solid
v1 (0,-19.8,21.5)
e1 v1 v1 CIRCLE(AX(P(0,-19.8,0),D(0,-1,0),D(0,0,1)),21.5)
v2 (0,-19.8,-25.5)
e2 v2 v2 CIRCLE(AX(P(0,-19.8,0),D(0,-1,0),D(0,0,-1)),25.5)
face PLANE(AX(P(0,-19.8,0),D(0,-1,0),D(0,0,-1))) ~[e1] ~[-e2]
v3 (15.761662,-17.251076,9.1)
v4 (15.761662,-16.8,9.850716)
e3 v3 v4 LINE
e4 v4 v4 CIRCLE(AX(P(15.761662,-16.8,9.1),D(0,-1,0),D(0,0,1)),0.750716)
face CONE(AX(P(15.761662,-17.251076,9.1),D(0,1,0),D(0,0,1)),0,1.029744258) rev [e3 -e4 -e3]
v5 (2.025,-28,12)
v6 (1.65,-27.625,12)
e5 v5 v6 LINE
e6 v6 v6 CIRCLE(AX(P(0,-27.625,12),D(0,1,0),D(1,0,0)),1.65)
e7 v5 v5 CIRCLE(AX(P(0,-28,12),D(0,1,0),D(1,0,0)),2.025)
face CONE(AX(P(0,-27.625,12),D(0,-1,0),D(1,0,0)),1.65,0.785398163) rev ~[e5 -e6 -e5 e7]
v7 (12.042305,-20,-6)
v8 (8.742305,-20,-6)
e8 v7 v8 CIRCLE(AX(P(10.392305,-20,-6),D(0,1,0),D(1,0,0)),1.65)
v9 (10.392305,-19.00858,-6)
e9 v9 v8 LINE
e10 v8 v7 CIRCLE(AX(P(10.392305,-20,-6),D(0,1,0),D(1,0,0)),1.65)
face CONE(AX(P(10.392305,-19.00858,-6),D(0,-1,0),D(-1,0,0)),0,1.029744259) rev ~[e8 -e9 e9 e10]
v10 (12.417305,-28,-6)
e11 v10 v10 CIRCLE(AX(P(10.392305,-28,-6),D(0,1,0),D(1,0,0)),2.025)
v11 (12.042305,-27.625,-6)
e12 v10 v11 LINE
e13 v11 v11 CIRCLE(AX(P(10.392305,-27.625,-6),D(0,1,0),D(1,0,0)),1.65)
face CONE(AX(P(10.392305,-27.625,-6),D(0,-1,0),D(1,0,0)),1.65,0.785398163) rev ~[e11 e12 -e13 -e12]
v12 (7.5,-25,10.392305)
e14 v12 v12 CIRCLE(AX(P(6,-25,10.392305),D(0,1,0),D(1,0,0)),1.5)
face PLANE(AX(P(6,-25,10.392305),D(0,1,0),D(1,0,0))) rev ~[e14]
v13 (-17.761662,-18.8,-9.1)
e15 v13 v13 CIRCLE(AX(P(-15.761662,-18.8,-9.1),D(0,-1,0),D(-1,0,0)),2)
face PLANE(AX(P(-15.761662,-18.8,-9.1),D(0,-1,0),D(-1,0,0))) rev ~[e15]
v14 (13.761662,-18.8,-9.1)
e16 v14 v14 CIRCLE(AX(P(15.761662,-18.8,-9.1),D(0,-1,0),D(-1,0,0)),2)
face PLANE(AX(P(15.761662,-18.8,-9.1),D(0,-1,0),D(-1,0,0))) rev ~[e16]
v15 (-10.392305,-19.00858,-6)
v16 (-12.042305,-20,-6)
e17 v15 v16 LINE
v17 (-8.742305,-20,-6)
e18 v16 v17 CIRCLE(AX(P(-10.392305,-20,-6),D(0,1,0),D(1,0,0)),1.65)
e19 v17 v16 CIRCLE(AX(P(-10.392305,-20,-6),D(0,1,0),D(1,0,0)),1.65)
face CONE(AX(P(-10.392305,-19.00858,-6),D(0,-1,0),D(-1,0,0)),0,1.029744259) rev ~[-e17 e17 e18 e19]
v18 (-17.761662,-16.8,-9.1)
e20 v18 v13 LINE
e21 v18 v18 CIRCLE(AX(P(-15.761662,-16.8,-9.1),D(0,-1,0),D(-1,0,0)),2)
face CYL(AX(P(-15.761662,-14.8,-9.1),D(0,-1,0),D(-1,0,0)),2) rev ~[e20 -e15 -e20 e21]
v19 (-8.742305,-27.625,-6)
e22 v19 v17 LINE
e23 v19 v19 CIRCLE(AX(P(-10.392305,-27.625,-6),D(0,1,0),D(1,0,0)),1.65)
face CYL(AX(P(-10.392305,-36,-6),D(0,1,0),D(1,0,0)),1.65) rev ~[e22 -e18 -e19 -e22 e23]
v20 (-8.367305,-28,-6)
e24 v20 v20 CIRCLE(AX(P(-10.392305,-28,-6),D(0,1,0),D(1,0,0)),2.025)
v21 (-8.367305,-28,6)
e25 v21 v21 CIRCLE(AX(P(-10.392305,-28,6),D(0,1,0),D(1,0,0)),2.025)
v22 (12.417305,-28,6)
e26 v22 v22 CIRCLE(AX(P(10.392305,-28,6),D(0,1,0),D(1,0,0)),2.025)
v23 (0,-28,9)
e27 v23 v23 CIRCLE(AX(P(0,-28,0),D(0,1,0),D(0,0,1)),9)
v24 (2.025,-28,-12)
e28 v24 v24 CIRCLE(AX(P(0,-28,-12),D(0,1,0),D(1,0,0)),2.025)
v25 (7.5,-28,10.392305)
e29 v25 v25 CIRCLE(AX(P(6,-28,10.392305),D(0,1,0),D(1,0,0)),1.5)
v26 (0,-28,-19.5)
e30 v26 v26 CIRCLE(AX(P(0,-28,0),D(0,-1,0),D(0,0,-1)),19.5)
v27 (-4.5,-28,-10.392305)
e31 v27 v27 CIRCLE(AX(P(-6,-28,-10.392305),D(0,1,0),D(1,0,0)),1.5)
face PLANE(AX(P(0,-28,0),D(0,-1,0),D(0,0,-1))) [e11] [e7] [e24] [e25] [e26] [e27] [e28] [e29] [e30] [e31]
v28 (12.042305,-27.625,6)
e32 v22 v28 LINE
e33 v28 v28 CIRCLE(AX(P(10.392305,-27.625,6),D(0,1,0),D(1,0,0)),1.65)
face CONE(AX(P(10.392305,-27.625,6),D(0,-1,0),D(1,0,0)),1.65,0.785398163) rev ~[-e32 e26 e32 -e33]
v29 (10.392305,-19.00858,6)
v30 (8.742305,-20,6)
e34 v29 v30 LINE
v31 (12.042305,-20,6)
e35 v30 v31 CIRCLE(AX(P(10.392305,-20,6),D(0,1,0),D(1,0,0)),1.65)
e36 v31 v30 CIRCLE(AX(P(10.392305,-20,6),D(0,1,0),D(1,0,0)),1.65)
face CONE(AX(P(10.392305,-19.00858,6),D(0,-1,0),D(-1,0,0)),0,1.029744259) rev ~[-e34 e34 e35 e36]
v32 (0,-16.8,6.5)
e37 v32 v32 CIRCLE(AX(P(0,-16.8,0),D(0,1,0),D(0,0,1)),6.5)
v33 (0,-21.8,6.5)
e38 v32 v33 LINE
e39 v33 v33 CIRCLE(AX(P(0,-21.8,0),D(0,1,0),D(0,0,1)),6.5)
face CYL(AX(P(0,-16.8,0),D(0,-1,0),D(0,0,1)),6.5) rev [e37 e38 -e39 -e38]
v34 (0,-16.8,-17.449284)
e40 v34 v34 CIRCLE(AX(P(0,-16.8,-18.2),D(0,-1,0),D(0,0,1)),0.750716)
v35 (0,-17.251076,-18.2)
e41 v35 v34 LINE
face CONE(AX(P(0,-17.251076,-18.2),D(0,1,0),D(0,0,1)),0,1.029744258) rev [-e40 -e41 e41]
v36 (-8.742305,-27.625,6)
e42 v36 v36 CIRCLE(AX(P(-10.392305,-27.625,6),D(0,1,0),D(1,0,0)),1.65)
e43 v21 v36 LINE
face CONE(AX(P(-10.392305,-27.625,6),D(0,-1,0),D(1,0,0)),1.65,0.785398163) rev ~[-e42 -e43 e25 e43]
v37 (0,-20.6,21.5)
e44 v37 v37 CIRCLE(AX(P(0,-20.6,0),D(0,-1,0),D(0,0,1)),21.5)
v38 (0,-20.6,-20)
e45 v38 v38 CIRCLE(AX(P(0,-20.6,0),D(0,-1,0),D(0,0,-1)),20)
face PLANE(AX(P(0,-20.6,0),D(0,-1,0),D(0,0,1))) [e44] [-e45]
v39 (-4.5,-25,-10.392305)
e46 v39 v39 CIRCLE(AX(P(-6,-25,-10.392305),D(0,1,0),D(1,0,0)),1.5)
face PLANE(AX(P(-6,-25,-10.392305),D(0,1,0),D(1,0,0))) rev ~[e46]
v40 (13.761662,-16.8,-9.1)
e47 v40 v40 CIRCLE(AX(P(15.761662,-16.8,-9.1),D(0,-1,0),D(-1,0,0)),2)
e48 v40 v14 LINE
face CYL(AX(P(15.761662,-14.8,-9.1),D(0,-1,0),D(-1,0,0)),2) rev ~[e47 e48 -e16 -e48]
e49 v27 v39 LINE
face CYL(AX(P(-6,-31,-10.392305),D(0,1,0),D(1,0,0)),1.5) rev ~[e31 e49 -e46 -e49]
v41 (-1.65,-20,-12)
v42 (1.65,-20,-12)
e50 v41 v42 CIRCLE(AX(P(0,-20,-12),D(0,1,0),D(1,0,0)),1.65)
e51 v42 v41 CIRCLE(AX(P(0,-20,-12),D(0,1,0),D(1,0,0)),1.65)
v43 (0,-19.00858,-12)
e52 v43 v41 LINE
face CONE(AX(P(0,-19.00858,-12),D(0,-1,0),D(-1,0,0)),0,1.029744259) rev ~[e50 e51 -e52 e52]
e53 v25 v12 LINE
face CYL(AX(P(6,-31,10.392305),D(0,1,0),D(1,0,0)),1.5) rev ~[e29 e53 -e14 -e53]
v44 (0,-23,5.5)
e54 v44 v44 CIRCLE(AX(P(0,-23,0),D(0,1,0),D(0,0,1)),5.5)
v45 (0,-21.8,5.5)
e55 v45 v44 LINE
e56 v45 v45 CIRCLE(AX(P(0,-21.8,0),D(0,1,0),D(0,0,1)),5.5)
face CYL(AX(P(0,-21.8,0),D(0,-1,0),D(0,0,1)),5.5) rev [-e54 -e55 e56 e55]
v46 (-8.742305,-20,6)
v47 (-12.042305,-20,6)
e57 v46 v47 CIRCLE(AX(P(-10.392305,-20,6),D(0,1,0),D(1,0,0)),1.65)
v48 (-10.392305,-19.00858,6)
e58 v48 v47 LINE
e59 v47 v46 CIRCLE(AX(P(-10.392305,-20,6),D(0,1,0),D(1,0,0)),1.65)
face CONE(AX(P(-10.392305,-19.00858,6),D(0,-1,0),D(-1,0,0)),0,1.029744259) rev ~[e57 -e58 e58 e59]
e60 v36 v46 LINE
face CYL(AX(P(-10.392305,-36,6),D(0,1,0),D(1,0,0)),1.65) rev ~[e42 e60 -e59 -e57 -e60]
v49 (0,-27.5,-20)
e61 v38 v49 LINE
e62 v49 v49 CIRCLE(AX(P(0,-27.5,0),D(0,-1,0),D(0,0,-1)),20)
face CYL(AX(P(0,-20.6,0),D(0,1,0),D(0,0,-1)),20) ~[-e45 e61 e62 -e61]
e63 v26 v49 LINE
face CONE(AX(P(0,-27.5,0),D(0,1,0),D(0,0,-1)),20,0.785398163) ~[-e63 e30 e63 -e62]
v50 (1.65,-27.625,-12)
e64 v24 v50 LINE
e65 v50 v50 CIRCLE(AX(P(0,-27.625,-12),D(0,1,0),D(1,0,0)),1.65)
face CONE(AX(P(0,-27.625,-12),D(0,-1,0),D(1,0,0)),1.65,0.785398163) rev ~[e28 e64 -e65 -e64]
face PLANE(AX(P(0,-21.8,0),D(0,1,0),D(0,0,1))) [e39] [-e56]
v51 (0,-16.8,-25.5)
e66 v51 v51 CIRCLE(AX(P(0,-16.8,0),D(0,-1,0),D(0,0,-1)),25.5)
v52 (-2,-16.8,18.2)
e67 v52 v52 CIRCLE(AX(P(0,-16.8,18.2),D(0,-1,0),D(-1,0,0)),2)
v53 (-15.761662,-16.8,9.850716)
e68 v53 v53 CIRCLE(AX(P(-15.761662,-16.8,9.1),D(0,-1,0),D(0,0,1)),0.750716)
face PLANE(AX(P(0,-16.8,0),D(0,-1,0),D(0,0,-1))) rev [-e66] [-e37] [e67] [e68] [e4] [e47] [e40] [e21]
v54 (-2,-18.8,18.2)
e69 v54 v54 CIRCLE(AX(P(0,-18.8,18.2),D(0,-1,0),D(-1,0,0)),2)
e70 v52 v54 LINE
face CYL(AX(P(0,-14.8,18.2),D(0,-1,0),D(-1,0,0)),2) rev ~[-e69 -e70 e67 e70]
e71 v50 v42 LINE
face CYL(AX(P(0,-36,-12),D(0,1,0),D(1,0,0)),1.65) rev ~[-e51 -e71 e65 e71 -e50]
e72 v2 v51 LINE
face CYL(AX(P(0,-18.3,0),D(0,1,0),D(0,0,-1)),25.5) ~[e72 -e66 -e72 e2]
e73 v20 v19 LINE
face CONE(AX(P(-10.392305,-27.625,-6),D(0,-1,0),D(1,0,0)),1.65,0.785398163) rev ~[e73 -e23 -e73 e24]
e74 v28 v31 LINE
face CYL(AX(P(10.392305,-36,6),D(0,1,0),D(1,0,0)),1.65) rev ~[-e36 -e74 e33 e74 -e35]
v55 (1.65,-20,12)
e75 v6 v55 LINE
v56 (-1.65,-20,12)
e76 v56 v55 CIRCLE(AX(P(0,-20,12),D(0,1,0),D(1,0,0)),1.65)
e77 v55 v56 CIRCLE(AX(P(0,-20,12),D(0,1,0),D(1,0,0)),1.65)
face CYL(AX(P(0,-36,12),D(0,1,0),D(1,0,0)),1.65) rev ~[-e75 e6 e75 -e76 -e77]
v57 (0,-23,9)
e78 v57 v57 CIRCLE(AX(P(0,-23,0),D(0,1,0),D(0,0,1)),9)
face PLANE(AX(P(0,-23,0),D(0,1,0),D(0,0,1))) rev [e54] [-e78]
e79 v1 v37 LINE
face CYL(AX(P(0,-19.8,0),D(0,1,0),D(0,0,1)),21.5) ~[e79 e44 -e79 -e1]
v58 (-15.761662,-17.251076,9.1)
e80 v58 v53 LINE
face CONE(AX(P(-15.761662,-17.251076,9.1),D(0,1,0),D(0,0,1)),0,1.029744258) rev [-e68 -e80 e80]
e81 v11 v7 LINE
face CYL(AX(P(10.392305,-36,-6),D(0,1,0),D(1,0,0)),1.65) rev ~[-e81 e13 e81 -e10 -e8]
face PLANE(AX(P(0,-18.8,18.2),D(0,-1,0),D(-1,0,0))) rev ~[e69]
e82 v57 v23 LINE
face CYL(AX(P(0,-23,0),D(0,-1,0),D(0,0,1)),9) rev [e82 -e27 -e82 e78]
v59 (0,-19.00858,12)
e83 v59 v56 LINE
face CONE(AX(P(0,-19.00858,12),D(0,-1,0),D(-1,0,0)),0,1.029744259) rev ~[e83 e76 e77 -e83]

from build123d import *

# Parameters (mm, degrees)
SKETCH_1_W                  = 25.5
SKETCH_1_H                  = 3
SKETCH_2_R                  = 21.5
EXTRUDE_1_DEPTH             = 0.8
SKETCH_3_R                  = 20
EXTRUDE_2_DEPTH             = 7.4
HOLE_WIZARD_3_0_3_1_D       = 3
HOLE_WIZARD_3_0_3_1_DEPTH   = 3
HOLE_WIZARD_3_3_3_3_1_D     = 3.3
HOLE_WIZARD_3_3_3_3_1_DEPTH = 8
HOLE_WIZARD_3_3_3_3_1_TIP   = 0.991420021
HOLE_WIZARD_4_0_4_1_D       = 4
HOLE_WIZARD_4_0_4_1_DEPTH   = 2
CHAMFER_1_SIZE              = 0.375
CHAMFER_2_SIZE              = 0.5


with BuildPart() as part:
    # 草图1 → 旋转1 (revolve)
    with BuildSketch(Plane.XY, mode=Mode.PRIVATE) as revolve_1_sk:
        with Locations((12.75, -18.3)):
            Rectangle(SKETCH_1_W, SKETCH_1_H)
    revolve(revolve_1_sk.sketch.rotate(Axis((0, -16.8, 0), (0, -1, 0)), 270), axis=Axis((0, -16.8, 0), (0, -1, 0)))

    # 草图2 → 凸台-拉伸1 (add)
    with BuildSketch(Plane.XZ.offset(19.8)):
        with Locations(Location((0, 0, 0), (0, 0, 90))):
            Circle(SKETCH_2_R)
    extrude(amount=EXTRUDE_1_DEPTH)

    # 草图3 → 凸台-拉伸2 (add)
    with BuildSketch(Plane.XZ.offset(20.6)):
        with Locations(Location((0, 0, 0), (0, 0, 270))):
            Circle(SKETCH_3_R)
    extrude(amount=EXTRUDE_2_DEPTH)

    # 草图4 → 切除-旋转1 (revolve, cut)
    with BuildSketch(Plane.XY.offset(9.1), mode=Mode.PRIVATE) as cut_revolve_1_sk:
        Polygon((-15.010946194, -16.8), (-15.761662349, -16.8), (-15.761662349, -17.251075774), align=None)
    revolve(cut_revolve_1_sk.sketch.rotate(Axis((-15.761662349, -16.8, 9.1), (0, -1, 0)), 90), axis=Axis((-15.761662349, -16.8, 9.1), (0, -1, 0)), mode=Mode.SUBTRACT)

    # 草图5 → 切除-旋转2 (revolve, cut)
    with BuildSketch(Plane.XY.offset(9.1), mode=Mode.PRIVATE) as cut_revolve_2_sk:
        Polygon((16.512378504, -16.8), (15.761662349, -16.8), (15.761662349, -17.251075774), align=None)
    revolve(cut_revolve_2_sk.sketch.rotate(Axis((15.761662349, -16.8, 9.1), (0, -1, 0)), 90), axis=Axis((15.761662349, -16.8, 9.1), (0, -1, 0)), mode=Mode.SUBTRACT)

    # 草图6 → 切除-旋转3 (revolve, cut)
    with BuildSketch(Plane.XY.offset(-18.2), mode=Mode.PRIVATE) as cut_revolve_3_sk:
        Polygon((0.750716155, -16.8), (0, -16.8), (0, -17.251075774), align=None)
    revolve(cut_revolve_3_sk.sketch.rotate(Axis((0, -16.8, -18.2), (0, -1, 0)), 90), axis=Axis((0, -16.8, -18.2), (0, -1, 0)), mode=Mode.SUBTRACT)

    # 草图7 → 切除-旋转4 (revolve, cut)
    with BuildSketch(Plane(origin=(0, 0, 0), x_dir=(-1, 0, 0), z_dir=(0, 0, -1)), mode=Mode.PRIVATE) as cut_revolve_4_sk:
        Polygon((-9, -28), (0, -28), (0, -16.8), (-6.5, -16.8), (-6.5, -21.8), (-5.5, -21.8), (-5.5, -23), (-9, -23), align=None)
    revolve(cut_revolve_4_sk.sketch.rotate(Axis((0, -28, 0), (0, 1, 0)), 270), axis=Axis((0, -28, 0), (0, 1, 0)), mode=Mode.SUBTRACT)

    # Ø3.0 (3) 直径孔1
    with Locations(Plane(origin=(0, -28, 0), x_dir=(-1, 0, 0), z_dir=(0, -1, 0))):
        with Locations((6, 10.392304845), (-6, -10.392304845)):
            Hole(HOLE_WIZARD_3_0_3_1_D / 2, depth=HOLE_WIZARD_3_0_3_1_DEPTH)

    # Ø3.3 (3.3) 直径孔1
    with Locations(Plane(origin=(0, -28, 0), x_dir=(-1, 0, 0), z_dir=(0, -1, 0))):
        with Locations((10.392304845, -6), (0, -12), (-10.392304845, -6), (-10.392304845, 6), (0, 12), (10.392304845, 6)):
            Hole(HOLE_WIZARD_3_3_3_3_1_D / 2, depth=HOLE_WIZARD_3_3_3_3_1_DEPTH)
            with Locations((0, 0, -(HOLE_WIZARD_3_3_3_3_1_DEPTH + HOLE_WIZARD_3_3_3_3_1_TIP / 2))):  # 118° drill point
                Cone(0, HOLE_WIZARD_3_3_3_3_1_D / 2, HOLE_WIZARD_3_3_3_3_1_TIP, mode=Mode.SUBTRACT)

    # Ø4.0 (4) 直径孔1
    with Locations(Plane(origin=(0, -16.8, 0), x_dir=(1, 0, 0), z_dir=(0, 1, 0))):
        with Locations((15.761662349, 9.1), (0, -18.2), (-15.761662349, 9.1)):
            Hole(HOLE_WIZARD_4_0_4_1_D / 2, depth=HOLE_WIZARD_4_0_4_1_DEPTH)

    # 倒角1
    chamfer_1_edges = [part.edges().sort_by_distance(p)[0] for p in [
        (-12.042304845, -28, -6),
        (-1.65, -28, -12),
        (8.742304845, -28, -6),
        (8.742304845, -28, 6),
        (-1.65, -28, 12),
        (-12.042304845, -28, 6),
    ]]
    chamfer(chamfer_1_edges, length=CHAMFER_1_SIZE)

    # 倒角2
    chamfer_2_edges = [part.edges().sort_by_distance(p)[0] for p in [
        (0, -28, 20),
    ]]
    chamfer(chamfer_2_edges, length=CHAMFER_2_SIZE)


solid = part.part
